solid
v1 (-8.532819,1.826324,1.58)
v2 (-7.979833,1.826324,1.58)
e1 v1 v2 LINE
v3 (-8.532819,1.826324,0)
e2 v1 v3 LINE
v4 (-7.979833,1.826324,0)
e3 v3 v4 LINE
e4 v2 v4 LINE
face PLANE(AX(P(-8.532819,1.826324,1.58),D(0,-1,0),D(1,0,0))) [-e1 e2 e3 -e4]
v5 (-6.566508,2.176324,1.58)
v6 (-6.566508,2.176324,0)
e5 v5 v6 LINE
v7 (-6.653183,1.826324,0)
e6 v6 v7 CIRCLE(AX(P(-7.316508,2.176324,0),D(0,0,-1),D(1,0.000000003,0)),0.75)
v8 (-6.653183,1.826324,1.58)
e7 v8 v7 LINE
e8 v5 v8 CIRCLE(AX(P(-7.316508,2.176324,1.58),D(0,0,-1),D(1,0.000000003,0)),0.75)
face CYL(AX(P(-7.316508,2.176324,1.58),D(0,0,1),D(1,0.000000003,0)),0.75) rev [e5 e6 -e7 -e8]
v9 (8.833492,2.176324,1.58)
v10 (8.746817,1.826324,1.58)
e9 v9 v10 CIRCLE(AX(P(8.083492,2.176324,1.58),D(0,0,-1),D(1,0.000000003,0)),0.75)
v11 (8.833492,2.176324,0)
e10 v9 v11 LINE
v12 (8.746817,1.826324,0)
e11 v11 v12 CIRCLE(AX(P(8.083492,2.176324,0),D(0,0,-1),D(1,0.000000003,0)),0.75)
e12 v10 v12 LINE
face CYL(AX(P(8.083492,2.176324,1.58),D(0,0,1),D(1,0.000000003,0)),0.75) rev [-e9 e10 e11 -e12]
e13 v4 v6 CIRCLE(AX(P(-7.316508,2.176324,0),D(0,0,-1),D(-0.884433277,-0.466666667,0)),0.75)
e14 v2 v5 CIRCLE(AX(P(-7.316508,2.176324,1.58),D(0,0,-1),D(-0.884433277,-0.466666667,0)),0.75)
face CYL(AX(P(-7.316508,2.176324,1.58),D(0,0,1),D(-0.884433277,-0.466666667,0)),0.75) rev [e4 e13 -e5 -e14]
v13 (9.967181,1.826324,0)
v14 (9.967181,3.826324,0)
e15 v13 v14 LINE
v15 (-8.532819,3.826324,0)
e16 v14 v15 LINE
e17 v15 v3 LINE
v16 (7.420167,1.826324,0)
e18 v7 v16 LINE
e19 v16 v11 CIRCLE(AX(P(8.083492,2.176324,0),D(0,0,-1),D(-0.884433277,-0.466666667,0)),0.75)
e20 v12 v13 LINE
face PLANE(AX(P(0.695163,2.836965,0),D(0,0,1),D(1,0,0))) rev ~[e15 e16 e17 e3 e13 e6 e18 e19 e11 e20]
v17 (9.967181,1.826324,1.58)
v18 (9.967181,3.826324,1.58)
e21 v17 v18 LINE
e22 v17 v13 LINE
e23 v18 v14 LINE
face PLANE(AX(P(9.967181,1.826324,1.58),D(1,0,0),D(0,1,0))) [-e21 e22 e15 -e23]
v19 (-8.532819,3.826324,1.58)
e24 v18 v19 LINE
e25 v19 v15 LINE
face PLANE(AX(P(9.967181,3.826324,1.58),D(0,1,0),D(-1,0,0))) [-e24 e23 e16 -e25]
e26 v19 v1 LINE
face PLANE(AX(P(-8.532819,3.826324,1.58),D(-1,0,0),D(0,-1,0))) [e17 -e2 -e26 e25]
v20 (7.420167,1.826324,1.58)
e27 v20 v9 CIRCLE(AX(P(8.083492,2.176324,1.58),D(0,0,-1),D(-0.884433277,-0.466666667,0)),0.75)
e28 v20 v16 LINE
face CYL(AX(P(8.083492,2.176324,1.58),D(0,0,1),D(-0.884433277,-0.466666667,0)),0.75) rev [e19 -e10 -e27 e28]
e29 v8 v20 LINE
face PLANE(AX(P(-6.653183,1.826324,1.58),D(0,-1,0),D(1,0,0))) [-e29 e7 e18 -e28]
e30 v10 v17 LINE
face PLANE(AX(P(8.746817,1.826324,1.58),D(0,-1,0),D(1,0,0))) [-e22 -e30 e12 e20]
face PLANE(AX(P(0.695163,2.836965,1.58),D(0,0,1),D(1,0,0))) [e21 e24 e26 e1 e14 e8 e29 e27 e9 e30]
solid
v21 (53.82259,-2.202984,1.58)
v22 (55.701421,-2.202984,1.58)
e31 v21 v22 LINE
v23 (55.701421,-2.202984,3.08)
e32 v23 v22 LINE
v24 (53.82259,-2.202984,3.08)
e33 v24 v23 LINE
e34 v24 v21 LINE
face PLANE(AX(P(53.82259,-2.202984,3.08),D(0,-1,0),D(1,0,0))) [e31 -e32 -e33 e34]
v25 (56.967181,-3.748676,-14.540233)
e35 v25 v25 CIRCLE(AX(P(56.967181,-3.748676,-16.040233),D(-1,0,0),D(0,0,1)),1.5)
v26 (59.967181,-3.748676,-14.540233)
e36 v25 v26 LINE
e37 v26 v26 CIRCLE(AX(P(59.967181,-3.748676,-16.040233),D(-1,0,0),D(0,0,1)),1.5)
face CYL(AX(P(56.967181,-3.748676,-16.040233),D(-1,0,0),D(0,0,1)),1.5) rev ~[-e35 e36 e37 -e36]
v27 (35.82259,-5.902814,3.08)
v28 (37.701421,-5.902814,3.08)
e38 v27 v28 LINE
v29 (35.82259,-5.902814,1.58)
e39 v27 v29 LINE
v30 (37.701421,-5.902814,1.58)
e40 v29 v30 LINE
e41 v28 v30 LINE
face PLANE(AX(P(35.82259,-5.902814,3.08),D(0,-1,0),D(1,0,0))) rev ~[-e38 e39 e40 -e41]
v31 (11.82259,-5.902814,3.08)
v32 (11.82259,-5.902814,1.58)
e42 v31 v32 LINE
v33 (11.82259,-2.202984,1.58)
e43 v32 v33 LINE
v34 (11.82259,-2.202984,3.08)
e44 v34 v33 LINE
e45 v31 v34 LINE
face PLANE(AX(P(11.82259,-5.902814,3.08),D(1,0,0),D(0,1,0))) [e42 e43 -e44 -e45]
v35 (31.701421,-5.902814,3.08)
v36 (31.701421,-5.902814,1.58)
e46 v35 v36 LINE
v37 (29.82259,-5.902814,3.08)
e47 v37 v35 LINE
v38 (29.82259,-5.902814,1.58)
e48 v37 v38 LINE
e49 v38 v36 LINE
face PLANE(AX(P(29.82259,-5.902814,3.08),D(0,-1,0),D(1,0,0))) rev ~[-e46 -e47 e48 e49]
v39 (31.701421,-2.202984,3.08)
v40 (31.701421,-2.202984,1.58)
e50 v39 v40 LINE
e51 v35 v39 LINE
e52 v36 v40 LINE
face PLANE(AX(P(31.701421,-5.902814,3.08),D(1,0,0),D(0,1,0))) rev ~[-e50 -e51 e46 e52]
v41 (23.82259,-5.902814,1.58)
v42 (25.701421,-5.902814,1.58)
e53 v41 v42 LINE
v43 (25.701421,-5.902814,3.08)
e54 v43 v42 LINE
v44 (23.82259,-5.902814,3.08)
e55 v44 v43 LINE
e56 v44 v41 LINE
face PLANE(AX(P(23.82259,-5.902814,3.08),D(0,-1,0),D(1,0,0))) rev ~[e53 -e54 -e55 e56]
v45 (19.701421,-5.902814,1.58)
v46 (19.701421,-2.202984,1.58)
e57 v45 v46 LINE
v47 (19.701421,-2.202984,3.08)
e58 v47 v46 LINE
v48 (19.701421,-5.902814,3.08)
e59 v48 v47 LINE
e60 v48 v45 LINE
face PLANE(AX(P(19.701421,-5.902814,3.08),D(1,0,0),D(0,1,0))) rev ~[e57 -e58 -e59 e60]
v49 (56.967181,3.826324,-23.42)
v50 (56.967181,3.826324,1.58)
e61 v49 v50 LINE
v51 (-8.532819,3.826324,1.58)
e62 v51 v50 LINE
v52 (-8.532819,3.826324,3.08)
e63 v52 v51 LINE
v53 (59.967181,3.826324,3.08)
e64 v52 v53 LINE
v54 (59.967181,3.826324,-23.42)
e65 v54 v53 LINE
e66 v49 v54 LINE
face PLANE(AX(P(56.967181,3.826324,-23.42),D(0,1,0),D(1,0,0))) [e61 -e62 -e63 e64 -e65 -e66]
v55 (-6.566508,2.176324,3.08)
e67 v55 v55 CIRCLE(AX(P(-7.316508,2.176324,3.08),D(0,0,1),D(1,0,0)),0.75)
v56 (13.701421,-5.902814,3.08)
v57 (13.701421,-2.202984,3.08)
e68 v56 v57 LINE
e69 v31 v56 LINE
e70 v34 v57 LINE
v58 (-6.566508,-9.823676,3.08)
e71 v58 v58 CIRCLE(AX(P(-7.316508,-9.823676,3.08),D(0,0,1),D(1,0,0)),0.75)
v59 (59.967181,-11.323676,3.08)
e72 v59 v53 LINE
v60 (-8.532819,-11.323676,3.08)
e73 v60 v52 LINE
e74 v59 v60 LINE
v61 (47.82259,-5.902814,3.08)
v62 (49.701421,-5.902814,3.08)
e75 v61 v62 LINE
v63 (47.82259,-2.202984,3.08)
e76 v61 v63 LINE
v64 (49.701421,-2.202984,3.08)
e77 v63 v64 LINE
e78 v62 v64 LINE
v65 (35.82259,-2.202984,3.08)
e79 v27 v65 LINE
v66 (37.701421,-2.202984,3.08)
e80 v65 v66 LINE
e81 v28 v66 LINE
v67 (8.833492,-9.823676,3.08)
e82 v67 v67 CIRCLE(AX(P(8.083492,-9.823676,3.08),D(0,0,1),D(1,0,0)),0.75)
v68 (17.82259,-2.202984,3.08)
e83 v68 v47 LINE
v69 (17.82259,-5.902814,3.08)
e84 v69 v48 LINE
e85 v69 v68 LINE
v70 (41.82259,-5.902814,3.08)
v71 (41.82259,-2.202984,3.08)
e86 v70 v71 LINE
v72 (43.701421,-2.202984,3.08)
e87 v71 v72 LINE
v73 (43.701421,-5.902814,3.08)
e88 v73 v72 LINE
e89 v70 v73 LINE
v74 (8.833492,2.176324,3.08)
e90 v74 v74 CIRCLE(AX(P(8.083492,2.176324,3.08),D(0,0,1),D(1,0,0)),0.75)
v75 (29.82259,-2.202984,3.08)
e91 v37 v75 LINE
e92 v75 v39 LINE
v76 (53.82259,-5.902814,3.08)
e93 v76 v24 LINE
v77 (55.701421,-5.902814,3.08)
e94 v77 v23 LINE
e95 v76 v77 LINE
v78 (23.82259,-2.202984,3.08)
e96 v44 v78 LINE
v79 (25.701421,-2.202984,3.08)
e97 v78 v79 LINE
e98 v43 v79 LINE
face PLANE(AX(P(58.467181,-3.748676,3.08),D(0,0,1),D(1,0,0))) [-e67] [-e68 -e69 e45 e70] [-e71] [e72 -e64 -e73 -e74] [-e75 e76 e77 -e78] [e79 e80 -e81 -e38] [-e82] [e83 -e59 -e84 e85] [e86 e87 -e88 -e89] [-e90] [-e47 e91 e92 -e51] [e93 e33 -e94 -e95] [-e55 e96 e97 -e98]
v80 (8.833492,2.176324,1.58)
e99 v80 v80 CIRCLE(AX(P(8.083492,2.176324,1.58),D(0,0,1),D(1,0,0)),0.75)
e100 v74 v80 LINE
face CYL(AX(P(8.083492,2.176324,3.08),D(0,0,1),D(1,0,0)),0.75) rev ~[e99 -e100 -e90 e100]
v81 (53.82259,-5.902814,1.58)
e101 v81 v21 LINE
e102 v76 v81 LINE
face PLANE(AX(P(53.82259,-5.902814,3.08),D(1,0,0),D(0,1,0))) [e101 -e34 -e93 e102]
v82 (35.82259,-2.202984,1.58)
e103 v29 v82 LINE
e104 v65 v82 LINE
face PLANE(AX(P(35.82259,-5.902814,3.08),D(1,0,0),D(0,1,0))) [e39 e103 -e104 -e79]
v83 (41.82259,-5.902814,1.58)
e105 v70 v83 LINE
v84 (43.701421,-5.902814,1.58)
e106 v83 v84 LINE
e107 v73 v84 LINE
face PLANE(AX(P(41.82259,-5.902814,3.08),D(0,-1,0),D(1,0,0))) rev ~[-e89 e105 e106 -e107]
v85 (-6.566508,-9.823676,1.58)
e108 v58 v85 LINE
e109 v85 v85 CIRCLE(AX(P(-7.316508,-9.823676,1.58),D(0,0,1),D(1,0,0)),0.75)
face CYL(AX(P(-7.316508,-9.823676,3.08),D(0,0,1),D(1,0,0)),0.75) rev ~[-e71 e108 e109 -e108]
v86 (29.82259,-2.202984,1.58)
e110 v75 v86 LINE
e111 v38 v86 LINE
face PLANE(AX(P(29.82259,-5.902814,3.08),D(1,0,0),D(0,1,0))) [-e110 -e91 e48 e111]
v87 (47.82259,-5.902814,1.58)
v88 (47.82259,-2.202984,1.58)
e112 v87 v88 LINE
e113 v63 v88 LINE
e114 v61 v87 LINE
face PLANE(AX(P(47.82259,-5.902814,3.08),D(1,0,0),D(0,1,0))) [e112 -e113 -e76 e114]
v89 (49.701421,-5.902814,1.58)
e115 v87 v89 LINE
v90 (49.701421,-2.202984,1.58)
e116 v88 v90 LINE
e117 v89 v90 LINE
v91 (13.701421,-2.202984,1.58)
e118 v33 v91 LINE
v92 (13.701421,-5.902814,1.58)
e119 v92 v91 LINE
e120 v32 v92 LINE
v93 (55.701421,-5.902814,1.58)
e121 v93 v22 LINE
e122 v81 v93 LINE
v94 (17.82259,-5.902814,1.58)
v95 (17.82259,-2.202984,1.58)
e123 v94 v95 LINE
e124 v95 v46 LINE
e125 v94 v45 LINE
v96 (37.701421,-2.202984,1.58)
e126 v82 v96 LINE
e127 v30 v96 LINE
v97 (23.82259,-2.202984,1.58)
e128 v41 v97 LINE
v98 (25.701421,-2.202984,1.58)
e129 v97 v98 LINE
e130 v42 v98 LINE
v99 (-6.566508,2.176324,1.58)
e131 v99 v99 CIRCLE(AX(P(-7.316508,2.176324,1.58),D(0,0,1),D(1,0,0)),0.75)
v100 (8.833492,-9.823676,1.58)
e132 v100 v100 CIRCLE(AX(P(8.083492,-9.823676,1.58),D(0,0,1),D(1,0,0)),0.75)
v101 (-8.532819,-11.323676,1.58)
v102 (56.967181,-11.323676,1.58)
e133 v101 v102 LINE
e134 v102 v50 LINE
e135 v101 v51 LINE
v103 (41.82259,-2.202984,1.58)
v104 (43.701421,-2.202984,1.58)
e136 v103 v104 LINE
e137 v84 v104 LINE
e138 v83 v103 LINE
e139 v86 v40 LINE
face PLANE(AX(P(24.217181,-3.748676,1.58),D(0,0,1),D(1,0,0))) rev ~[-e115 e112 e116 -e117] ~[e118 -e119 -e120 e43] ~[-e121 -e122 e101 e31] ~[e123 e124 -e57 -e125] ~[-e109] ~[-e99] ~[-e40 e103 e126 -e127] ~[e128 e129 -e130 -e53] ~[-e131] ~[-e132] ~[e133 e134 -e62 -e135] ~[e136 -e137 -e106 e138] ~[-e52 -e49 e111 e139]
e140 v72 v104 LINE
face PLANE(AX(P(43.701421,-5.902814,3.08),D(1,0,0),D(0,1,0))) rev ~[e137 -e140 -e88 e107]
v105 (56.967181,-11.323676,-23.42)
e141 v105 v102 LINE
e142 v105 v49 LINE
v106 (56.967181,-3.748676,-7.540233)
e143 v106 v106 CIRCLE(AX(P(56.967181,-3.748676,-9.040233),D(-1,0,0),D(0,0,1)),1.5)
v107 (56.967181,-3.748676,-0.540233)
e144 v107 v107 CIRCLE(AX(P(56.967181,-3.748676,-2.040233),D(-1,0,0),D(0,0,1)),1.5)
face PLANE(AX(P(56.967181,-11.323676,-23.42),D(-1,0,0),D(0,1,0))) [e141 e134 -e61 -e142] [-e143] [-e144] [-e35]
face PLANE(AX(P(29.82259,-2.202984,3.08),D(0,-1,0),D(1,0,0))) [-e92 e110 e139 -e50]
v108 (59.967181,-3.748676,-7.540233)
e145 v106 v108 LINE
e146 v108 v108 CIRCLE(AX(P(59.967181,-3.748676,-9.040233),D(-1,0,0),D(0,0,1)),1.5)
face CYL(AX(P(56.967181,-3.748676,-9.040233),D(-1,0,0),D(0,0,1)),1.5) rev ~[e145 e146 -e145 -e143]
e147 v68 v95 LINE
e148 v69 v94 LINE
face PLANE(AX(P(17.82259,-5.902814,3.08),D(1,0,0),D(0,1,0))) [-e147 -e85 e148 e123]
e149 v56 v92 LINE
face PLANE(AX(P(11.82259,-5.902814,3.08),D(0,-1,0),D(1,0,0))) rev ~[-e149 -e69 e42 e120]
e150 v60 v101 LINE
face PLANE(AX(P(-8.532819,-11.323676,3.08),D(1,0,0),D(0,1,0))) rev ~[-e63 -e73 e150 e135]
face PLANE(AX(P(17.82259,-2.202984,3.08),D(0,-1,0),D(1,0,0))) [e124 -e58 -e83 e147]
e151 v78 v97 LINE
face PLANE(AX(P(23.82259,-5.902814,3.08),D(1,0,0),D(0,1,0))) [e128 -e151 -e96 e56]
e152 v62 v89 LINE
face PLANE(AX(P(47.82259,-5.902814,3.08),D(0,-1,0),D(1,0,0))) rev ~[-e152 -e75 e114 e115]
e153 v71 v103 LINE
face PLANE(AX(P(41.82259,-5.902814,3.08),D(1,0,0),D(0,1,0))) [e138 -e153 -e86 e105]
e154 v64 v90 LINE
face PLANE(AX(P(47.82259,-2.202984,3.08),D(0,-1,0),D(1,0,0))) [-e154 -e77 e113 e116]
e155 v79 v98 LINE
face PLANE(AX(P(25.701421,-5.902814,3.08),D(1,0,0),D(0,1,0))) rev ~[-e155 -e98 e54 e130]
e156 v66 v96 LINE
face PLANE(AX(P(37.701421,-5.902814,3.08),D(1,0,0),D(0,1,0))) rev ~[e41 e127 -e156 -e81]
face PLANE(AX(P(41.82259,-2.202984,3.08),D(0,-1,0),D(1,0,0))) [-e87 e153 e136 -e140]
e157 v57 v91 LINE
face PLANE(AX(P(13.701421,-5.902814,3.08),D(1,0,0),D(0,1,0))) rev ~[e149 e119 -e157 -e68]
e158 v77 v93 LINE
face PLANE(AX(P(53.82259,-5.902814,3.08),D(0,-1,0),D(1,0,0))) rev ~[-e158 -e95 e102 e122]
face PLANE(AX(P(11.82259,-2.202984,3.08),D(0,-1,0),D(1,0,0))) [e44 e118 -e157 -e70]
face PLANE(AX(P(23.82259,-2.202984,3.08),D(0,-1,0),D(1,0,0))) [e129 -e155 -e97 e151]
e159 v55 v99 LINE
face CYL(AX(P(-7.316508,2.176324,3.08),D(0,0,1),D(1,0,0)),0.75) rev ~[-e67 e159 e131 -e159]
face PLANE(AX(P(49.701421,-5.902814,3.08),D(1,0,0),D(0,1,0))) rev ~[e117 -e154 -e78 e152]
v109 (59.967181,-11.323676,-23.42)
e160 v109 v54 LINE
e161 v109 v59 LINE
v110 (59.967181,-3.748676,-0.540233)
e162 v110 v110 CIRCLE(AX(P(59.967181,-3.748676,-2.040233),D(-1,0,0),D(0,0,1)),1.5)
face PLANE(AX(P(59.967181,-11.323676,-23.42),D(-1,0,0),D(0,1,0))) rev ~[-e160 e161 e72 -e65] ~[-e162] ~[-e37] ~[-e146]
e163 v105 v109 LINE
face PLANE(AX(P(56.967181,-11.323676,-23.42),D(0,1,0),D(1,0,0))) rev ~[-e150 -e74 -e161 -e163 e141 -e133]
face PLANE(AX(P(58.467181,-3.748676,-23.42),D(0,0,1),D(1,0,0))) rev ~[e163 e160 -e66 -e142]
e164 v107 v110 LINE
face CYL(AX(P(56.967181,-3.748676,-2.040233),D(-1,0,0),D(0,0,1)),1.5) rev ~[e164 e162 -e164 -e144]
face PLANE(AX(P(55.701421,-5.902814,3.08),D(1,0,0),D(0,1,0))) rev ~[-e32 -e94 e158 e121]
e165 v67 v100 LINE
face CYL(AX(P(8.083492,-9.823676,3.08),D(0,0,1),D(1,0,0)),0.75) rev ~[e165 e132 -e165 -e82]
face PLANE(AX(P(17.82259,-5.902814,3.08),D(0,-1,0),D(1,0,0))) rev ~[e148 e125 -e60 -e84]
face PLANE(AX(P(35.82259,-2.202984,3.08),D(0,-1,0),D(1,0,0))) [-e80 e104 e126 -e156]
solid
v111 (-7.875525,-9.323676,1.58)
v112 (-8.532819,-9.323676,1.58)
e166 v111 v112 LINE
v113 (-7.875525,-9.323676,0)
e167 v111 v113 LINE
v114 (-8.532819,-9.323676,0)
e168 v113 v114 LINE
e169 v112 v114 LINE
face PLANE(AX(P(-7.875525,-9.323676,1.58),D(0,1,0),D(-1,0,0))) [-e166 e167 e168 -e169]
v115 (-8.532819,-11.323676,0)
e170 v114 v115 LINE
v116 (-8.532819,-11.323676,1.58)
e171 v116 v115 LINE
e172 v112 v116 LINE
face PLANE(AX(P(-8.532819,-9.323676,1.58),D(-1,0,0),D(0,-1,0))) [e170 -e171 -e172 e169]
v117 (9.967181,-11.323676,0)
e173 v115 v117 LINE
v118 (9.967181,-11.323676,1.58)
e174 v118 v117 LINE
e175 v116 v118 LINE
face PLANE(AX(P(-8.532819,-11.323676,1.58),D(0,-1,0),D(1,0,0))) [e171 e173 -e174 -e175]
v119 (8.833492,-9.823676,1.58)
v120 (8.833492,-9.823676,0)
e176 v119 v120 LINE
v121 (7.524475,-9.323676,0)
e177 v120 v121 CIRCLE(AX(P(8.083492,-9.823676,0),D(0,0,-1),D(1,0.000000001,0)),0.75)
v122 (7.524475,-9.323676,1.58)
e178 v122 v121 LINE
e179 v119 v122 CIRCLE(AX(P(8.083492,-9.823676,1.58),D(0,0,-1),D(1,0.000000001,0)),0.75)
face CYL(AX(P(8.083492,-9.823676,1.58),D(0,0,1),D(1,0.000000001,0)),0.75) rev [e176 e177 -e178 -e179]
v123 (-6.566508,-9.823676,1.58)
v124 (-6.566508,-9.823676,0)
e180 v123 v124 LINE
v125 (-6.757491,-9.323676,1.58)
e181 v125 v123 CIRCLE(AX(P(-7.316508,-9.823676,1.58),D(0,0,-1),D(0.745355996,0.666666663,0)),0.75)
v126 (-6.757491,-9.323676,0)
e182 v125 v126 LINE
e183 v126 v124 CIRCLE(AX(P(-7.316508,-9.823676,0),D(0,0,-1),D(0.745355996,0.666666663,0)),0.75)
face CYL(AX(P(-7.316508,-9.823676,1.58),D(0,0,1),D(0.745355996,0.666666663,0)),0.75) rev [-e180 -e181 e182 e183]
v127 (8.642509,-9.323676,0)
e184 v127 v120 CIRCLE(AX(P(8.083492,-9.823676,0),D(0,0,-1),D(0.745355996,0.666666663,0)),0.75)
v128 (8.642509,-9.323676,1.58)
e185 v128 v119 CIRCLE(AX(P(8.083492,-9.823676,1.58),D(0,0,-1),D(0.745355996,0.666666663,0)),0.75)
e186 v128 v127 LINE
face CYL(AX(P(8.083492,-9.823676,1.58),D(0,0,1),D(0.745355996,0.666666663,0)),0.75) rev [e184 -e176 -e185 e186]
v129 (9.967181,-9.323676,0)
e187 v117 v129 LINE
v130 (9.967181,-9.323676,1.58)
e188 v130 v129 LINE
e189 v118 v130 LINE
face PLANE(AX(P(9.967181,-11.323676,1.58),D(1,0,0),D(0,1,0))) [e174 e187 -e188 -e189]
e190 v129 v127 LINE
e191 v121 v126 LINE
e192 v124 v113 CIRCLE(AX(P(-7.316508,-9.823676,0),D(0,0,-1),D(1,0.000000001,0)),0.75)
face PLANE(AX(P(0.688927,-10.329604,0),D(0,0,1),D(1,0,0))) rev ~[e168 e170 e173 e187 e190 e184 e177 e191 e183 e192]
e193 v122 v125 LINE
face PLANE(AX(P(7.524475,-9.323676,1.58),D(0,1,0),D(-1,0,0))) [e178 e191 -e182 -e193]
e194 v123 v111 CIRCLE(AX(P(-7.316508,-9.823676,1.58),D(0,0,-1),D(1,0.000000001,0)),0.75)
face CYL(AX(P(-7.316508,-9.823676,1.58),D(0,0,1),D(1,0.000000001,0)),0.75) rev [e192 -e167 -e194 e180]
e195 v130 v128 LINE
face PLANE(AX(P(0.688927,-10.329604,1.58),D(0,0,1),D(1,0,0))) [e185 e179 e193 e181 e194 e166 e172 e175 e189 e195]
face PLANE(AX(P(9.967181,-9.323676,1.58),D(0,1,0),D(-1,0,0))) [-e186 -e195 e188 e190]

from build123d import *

# Parameters (mm, degrees)
BOSS_EXTRUDE1_DEPTH      = 1.58
BOSS_EXTRUDE1_2_DEPTH    = 1.58
BOSS_EXTRUDE2_START      = 1.5
SKETCH1_3_W              = 65.5
SKETCH1_3_H              = 15.15
SKETCH1_3_R              = 0.75
SKETCH1_3_W_2            = 1.878830328
SKETCH1_3_H_2            = 3.699830122
BOSS_EXTRUDE2_DEPTH      = 1.5
BOSS_EXTRUDE3_DEPTH      = 1.5
BOSS_EXTRUDE3_DEPTH_BACK = 25
SKETCH1_4_W              = 3
SKETCH1_4_H              = 15.15
SKETCH2_R                = 1.5
CUT_EXTRUDE1_DEPTH       = 4.5


with BuildPart() as part:
    # Sketch1 → Boss-Extrude1 (new body)
    with BuildSketch(Plane.XY.offset(1.58)):
        with BuildLine():
            Line((8.746817406, 1.826324453), (9.967181452, 1.826324453))
            Line((9.967181452, 1.826324453), (9.967181452, 3.826324453))
            Line((9.967181452, 3.826324453), (-3.278308886, 3.826324453))
            Line((-3.278308886, 3.826324453), (-7.473042484, 3.826324453))
            Line((-7.473042484, 3.826324453), (-8.532818548, 3.826324453))
            Line((-8.532818548, 3.826324453), (-8.532818548, 1.826324453))
            Line((-8.532818548, 1.826324453), (-7.97983251, 1.826324453))
            ThreePointArc((-7.97983251, 1.826324453), (-7.496793826, 2.904333285), (-6.566507552, 2.176324453))
            ThreePointArc((-6.566507552, 2.176324453), (-6.58849872, 1.996038178), (-6.653182594, 1.826324453))
            Line((-6.653182594, 1.826324453), (7.42016749, 1.826324453))
            ThreePointArc((7.42016749, 1.826324453), (7.903206174, 2.904333285), (8.833492448, 2.176324453))
            ThreePointArc((8.833492448, 2.176324453), (8.81150128, 1.996038178), (8.746817406, 1.826324453))
        make_face()
    extrude(amount=-BOSS_EXTRUDE1_DEPTH)


with BuildPart() as body_2:
    # Sketch1 → Boss-Extrude1 2 (new body)
    with BuildSketch(Plane.XY.offset(1.58)):
        with BuildLine():
            Line((-3.278308886, -11.323675547), (9.967181452, -11.323675547))
            Line((9.967181452, -11.323675547), (9.967181452, -9.323675547))
            Line((9.967181452, -9.323675547), (8.642509443, -9.323675547))
            ThreePointArc((8.642509443, -9.323675547), (8.784121717, -9.55605898), (8.833492448, -9.823675547))
            ThreePointArc((8.833492448, -9.823675547), (7.815875881, -10.524304817), (7.524475454, -9.323675547))
            Line((7.524475454, -9.323675547), (-6.757490557, -9.323675547))
            ThreePointArc((-6.757490557, -9.323675547), (-6.615878283, -9.55605898), (-6.566507552, -9.823675547))
            ThreePointArc((-6.566507552, -9.823675547), (-7.584124119, -10.524304817), (-7.875524546, -9.323675547))
            Line((-7.875524546, -9.323675547), (-8.532818548, -9.323675547))
            Line((-8.532818548, -9.323675547), (-8.532818548, -11.323675547))
            Line((-8.532818548, -11.323675547), (-7.473042484, -11.323675547))
            Line((-7.473042484, -11.323675547), (-3.278308886, -11.323675547))
        make_face()
    extrude(amount=-BOSS_EXTRUDE1_2_DEPTH)


with BuildPart() as body_3:
    # Sketch1<3> → Boss-Extrude2 (new body)
    with BuildSketch(Plane.XY.offset(1.58).offset(BOSS_EXTRUDE2_START)):
        with Locations((24.217181452, -3.748675547)):
            Rectangle(SKETCH1_3_W, SKETCH1_3_H)
        with Locations((8.083492448, 2.176324453)):
            Circle(SKETCH1_3_R, mode=Mode.SUBTRACT)
        with Locations((-7.316507552, 2.176324453)):
            Circle(SKETCH1_3_R, mode=Mode.SUBTRACT)
        with Locations((8.083492448, -9.823675547)):
            Circle(SKETCH1_3_R, mode=Mode.SUBTRACT)
        with Locations((-7.316507552, -9.823675547)):
            Circle(SKETCH1_3_R, mode=Mode.SUBTRACT)
        with Locations((54.762005624, -4.052899192)):
            Rectangle(SKETCH1_3_W_2, SKETCH1_3_H_2, mode=Mode.SUBTRACT)
        with Locations((12.762005624, -4.052899192)):
            Rectangle(SKETCH1_3_W_2, SKETCH1_3_H_2, mode=Mode.SUBTRACT)
        with Locations((18.762005624, -4.052899192)):
            Rectangle(SKETCH1_3_W_2, SKETCH1_3_H_2, mode=Mode.SUBTRACT)
        with Locations((24.762005624, -4.052899192)):
            Rectangle(SKETCH1_3_W_2, SKETCH1_3_H_2, mode=Mode.SUBTRACT)
        with Locations((30.762005624, -4.052899192)):
            Rectangle(SKETCH1_3_W_2, SKETCH1_3_H_2, mode=Mode.SUBTRACT)
        with Locations((36.762005624, -4.052899192)):
            Rectangle(SKETCH1_3_W_2, SKETCH1_3_H_2, mode=Mode.SUBTRACT)
        with Locations((42.762005624, -4.052899192)):
            Rectangle(SKETCH1_3_W_2, SKETCH1_3_H_2, mode=Mode.SUBTRACT)
        with Locations((48.762005624, -4.052899192)):
            Rectangle(SKETCH1_3_W_2, SKETCH1_3_H_2, mode=Mode.SUBTRACT)
    extrude(amount=-BOSS_EXTRUDE2_DEPTH)

    # Sketch1<4> → Boss-Extrude3 (add, two sides: drawn at the far end of the back side and taken through both)
    with BuildSketch(Plane.XY.offset(1.58).offset(-BOSS_EXTRUDE3_DEPTH_BACK)):
        with Locations((58.467181452, -3.748675547)):
            Rectangle(SKETCH1_4_W, SKETCH1_4_H)
    extrude(amount=BOSS_EXTRUDE3_DEPTH + BOSS_EXTRUDE3_DEPTH_BACK)

    # Sketch2 → Cut-Extrude1 (cut)
    with BuildSketch(Plane.ZY.offset(-56.967181452)):
        with Locations((-2.040233352, -3.748675547)):
            Circle(SKETCH2_R)
        with Locations((-9.040233352, -3.748675547)):
            Circle(SKETCH2_R)
        with Locations((-16.040233352, -3.748675547)):
            Circle(SKETCH2_R)
    extrude(amount=-CUT_EXTRUDE1_DEPTH, mode=Mode.SUBTRACT)


solid = Compound([part.part, body_2.part, body_3.part])
